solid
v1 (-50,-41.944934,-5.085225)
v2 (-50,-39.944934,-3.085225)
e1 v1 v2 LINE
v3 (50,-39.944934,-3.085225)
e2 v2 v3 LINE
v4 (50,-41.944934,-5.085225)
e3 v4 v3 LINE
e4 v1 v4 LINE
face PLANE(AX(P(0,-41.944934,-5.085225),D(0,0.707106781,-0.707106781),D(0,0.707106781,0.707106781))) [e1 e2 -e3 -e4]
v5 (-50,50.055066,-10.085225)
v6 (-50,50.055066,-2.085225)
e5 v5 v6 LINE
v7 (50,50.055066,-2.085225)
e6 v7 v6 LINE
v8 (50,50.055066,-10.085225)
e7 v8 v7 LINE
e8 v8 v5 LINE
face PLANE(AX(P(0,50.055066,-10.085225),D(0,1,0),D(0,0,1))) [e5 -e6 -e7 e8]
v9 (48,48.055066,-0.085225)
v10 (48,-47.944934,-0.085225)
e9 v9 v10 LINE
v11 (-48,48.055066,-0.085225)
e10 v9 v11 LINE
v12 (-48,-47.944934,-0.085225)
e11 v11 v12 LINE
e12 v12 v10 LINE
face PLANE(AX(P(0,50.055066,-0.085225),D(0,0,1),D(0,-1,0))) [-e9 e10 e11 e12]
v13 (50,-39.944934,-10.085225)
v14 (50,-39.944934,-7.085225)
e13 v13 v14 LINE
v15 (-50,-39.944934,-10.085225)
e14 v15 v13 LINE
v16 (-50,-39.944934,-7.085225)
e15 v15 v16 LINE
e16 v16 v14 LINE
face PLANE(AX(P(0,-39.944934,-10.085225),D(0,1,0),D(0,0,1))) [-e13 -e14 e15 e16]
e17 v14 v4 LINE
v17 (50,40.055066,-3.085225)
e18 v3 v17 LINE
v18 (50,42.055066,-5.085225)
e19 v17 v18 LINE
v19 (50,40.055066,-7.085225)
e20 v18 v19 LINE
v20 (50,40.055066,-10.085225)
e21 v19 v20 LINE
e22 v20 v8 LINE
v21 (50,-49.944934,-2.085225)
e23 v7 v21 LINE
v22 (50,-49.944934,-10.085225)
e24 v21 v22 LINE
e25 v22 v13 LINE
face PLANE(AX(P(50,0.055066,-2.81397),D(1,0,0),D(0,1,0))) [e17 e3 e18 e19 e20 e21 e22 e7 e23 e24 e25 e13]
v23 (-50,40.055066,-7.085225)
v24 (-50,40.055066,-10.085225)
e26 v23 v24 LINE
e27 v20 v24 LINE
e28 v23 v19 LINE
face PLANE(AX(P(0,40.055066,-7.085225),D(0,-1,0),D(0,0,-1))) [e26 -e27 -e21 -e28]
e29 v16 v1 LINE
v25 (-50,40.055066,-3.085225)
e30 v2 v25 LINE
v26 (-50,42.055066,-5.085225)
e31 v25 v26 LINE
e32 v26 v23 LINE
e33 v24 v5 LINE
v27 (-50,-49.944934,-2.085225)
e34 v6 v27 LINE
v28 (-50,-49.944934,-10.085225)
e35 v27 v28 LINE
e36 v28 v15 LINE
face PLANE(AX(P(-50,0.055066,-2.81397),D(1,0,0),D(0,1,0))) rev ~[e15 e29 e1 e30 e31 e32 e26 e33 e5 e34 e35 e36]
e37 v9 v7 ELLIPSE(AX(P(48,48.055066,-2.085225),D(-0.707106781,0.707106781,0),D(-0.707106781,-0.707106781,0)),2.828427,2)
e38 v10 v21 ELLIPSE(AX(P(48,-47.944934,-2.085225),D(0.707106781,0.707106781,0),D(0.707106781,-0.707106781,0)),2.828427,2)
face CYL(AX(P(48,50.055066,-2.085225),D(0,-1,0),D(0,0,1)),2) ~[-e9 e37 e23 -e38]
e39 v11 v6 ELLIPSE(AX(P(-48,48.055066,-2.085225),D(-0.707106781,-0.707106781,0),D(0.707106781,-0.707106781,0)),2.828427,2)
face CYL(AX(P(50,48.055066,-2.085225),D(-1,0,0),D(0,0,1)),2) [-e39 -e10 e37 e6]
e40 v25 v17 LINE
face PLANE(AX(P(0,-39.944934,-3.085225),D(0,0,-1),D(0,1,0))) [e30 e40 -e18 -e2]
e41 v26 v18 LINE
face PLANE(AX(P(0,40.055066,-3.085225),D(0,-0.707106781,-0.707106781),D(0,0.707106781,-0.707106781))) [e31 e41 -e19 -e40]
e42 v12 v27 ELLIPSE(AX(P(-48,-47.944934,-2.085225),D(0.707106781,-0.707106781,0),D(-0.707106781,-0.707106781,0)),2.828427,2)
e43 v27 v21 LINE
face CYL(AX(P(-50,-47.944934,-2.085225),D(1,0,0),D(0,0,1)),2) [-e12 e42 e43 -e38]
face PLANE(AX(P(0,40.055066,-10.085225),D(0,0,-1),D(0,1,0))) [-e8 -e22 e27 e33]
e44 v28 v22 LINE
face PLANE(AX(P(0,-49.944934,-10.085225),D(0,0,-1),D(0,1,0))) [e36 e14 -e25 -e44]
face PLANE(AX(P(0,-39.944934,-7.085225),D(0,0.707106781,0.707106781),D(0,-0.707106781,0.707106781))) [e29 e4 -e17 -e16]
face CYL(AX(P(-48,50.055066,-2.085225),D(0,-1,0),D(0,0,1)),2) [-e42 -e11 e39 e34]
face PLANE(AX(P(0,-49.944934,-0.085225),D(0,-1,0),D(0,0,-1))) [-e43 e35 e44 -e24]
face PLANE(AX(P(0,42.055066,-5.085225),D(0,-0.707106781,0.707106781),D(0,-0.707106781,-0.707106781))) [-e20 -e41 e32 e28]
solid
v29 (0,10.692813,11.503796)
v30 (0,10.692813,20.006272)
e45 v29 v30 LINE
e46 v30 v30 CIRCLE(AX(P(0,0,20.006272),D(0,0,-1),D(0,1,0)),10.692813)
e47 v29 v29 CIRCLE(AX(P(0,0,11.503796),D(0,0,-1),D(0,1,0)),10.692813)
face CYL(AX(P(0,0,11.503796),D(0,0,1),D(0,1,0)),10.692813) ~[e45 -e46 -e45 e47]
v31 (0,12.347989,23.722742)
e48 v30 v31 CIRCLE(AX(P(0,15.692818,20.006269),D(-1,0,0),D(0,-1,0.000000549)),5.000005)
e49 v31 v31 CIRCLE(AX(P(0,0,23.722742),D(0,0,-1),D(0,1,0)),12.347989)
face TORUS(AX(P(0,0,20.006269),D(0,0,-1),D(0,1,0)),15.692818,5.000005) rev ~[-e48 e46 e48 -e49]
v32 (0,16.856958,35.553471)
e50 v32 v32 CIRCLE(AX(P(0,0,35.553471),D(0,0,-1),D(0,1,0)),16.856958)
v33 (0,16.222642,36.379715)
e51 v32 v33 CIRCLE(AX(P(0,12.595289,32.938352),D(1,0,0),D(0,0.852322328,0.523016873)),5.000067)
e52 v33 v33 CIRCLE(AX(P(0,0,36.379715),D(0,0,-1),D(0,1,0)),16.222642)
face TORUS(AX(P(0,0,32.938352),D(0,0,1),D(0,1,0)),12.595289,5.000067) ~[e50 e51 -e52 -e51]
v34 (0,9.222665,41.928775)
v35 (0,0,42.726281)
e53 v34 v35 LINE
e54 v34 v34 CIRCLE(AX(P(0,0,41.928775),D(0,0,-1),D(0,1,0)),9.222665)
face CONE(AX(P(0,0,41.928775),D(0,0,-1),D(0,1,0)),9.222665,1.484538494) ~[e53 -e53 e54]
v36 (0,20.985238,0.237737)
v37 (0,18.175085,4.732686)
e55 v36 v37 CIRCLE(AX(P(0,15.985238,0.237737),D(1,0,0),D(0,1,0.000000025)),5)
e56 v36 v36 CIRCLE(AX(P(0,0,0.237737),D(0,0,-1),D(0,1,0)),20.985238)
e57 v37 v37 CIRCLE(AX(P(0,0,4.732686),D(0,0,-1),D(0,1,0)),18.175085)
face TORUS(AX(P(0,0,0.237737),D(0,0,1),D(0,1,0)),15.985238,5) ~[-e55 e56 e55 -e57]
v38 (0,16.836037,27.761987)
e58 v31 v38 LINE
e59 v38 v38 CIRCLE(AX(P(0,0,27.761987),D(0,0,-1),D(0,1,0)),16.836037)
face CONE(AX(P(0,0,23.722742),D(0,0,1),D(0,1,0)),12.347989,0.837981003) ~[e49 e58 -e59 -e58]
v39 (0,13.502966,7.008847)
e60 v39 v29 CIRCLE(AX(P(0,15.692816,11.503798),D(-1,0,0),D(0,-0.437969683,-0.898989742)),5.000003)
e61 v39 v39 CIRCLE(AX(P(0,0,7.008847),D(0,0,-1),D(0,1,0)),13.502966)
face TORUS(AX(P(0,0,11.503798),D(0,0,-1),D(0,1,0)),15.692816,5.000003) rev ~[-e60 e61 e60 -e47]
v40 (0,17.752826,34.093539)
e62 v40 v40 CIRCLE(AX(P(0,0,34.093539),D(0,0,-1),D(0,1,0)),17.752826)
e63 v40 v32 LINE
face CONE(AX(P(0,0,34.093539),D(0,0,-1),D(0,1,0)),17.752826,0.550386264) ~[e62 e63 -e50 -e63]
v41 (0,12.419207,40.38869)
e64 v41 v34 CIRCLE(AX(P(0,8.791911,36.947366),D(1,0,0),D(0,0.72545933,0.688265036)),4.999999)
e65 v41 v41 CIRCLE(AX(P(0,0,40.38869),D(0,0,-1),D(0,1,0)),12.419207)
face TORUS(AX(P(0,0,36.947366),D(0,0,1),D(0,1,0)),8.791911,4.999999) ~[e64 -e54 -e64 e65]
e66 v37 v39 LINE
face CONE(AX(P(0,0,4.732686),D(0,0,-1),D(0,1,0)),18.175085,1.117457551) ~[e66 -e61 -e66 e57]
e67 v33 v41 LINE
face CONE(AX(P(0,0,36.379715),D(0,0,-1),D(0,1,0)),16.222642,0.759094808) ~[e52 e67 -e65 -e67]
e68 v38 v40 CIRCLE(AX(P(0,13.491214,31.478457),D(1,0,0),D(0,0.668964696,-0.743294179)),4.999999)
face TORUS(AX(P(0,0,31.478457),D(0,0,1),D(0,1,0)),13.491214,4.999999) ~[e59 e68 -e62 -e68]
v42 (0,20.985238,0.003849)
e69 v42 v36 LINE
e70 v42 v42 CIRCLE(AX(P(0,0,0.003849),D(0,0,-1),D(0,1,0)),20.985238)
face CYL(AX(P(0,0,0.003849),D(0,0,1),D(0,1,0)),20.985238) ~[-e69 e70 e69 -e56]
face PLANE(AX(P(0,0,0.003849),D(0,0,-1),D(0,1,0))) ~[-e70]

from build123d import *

# Parameters (mm, degrees)
F1_DEPTH = 50
F3_DEPTH = 50
F5_R     = 2


with BuildPart() as f1:
    # F0 (on Right) → F1 (new body)
    with BuildSketch(Plane.YZ):
        Polygon((50.055066, -0.085225), (-49.944934, -0.085225), (-49.944934, -10.085225), (-39.944934, -10.085225), (-39.944934, -7.085225), (-41.944934, -5.085225), (-39.944934, -3.085225), (40.055066, -3.085225), (42.055066, -5.085225), (40.055066, -7.085225), (40.055066, -10.085225), (50.055066, -10.085225), align=None)
    extrude(amount=F1_DEPTH)

    # F0 (on Right) → F3 (join)
    with BuildSketch(Plane.YZ):
        Polygon((50.055066, -0.085225), (-49.944934, -0.085225), (-49.944934, -10.085225), (-39.944934, -10.085225), (-39.944934, -7.085225), (-41.944934, -5.085225), (-39.944934, -3.085225), (40.055066, -3.085225), (42.055066, -5.085225), (40.055066, -7.085225), (40.055066, -10.085225), (50.055066, -10.085225), align=None)
    extrude(amount=-F3_DEPTH)

    # F5
    f5_edges = [f1.edges().sort_by_distance(p)[0] for p in [
        (-50, 0.055066, -0.085225),
        (0, -49.944934, -0.085225),
        (50, 0.055066, -0.085225),
        (0, 50.055066, -0.085225),
    ]]
    fillet(f5_edges, radius=F5_R)


with BuildPart() as f4:
    # F2 (on Right) → F4 (revolve)
    with BuildSketch(Plane.YZ):
        with BuildLine():
            Line((9.222665, 41.928775), (0, 42.726281))
            Line((0, 42.726281), (0, 0.003849))
            Line((0, 0.003849), (20.985238, 0.003849))
            Line((20.985238, 0.003849), (20.985238, 0.237737))
            ThreePointArc((20.985238, 0.237737), (20.224886, 2.888281), (18.175085, 4.732686))
            Line((18.175085, 4.732686), (13.502966, 7.008847))
            ThreePointArc((13.502966, 7.008847), (11.453165, 8.853253), (10.692813, 11.503796))
            Line((10.692813, 11.503796), (10.692813, 20.006272))
            ThreePointArc((10.692813, 20.006272), (11.125313, 22.040464), (12.347989, 23.722742))
            Line((12.347989, 23.722742), (16.836037, 27.761987))
            ThreePointArc((16.836037, 27.761987), (18.439608, 30.761946), (17.752826, 34.093539))
            Line((17.752826, 34.093539), (16.856958, 35.553471))
            ThreePointArc((16.856958, 35.553471), (16.561375, 35.983156), (16.222642, 36.379715))
            Line((16.222642, 36.379715), (12.419207, 40.38869))
            ThreePointArc((12.419207, 40.38869), (10.962143, 41.451817), (9.222665, 41.928775))
        make_face()
    revolve(axis=Axis((0, 0, 21.365065), (0, 0, -1)))


solid = Compound([f1.part, f4.part])
